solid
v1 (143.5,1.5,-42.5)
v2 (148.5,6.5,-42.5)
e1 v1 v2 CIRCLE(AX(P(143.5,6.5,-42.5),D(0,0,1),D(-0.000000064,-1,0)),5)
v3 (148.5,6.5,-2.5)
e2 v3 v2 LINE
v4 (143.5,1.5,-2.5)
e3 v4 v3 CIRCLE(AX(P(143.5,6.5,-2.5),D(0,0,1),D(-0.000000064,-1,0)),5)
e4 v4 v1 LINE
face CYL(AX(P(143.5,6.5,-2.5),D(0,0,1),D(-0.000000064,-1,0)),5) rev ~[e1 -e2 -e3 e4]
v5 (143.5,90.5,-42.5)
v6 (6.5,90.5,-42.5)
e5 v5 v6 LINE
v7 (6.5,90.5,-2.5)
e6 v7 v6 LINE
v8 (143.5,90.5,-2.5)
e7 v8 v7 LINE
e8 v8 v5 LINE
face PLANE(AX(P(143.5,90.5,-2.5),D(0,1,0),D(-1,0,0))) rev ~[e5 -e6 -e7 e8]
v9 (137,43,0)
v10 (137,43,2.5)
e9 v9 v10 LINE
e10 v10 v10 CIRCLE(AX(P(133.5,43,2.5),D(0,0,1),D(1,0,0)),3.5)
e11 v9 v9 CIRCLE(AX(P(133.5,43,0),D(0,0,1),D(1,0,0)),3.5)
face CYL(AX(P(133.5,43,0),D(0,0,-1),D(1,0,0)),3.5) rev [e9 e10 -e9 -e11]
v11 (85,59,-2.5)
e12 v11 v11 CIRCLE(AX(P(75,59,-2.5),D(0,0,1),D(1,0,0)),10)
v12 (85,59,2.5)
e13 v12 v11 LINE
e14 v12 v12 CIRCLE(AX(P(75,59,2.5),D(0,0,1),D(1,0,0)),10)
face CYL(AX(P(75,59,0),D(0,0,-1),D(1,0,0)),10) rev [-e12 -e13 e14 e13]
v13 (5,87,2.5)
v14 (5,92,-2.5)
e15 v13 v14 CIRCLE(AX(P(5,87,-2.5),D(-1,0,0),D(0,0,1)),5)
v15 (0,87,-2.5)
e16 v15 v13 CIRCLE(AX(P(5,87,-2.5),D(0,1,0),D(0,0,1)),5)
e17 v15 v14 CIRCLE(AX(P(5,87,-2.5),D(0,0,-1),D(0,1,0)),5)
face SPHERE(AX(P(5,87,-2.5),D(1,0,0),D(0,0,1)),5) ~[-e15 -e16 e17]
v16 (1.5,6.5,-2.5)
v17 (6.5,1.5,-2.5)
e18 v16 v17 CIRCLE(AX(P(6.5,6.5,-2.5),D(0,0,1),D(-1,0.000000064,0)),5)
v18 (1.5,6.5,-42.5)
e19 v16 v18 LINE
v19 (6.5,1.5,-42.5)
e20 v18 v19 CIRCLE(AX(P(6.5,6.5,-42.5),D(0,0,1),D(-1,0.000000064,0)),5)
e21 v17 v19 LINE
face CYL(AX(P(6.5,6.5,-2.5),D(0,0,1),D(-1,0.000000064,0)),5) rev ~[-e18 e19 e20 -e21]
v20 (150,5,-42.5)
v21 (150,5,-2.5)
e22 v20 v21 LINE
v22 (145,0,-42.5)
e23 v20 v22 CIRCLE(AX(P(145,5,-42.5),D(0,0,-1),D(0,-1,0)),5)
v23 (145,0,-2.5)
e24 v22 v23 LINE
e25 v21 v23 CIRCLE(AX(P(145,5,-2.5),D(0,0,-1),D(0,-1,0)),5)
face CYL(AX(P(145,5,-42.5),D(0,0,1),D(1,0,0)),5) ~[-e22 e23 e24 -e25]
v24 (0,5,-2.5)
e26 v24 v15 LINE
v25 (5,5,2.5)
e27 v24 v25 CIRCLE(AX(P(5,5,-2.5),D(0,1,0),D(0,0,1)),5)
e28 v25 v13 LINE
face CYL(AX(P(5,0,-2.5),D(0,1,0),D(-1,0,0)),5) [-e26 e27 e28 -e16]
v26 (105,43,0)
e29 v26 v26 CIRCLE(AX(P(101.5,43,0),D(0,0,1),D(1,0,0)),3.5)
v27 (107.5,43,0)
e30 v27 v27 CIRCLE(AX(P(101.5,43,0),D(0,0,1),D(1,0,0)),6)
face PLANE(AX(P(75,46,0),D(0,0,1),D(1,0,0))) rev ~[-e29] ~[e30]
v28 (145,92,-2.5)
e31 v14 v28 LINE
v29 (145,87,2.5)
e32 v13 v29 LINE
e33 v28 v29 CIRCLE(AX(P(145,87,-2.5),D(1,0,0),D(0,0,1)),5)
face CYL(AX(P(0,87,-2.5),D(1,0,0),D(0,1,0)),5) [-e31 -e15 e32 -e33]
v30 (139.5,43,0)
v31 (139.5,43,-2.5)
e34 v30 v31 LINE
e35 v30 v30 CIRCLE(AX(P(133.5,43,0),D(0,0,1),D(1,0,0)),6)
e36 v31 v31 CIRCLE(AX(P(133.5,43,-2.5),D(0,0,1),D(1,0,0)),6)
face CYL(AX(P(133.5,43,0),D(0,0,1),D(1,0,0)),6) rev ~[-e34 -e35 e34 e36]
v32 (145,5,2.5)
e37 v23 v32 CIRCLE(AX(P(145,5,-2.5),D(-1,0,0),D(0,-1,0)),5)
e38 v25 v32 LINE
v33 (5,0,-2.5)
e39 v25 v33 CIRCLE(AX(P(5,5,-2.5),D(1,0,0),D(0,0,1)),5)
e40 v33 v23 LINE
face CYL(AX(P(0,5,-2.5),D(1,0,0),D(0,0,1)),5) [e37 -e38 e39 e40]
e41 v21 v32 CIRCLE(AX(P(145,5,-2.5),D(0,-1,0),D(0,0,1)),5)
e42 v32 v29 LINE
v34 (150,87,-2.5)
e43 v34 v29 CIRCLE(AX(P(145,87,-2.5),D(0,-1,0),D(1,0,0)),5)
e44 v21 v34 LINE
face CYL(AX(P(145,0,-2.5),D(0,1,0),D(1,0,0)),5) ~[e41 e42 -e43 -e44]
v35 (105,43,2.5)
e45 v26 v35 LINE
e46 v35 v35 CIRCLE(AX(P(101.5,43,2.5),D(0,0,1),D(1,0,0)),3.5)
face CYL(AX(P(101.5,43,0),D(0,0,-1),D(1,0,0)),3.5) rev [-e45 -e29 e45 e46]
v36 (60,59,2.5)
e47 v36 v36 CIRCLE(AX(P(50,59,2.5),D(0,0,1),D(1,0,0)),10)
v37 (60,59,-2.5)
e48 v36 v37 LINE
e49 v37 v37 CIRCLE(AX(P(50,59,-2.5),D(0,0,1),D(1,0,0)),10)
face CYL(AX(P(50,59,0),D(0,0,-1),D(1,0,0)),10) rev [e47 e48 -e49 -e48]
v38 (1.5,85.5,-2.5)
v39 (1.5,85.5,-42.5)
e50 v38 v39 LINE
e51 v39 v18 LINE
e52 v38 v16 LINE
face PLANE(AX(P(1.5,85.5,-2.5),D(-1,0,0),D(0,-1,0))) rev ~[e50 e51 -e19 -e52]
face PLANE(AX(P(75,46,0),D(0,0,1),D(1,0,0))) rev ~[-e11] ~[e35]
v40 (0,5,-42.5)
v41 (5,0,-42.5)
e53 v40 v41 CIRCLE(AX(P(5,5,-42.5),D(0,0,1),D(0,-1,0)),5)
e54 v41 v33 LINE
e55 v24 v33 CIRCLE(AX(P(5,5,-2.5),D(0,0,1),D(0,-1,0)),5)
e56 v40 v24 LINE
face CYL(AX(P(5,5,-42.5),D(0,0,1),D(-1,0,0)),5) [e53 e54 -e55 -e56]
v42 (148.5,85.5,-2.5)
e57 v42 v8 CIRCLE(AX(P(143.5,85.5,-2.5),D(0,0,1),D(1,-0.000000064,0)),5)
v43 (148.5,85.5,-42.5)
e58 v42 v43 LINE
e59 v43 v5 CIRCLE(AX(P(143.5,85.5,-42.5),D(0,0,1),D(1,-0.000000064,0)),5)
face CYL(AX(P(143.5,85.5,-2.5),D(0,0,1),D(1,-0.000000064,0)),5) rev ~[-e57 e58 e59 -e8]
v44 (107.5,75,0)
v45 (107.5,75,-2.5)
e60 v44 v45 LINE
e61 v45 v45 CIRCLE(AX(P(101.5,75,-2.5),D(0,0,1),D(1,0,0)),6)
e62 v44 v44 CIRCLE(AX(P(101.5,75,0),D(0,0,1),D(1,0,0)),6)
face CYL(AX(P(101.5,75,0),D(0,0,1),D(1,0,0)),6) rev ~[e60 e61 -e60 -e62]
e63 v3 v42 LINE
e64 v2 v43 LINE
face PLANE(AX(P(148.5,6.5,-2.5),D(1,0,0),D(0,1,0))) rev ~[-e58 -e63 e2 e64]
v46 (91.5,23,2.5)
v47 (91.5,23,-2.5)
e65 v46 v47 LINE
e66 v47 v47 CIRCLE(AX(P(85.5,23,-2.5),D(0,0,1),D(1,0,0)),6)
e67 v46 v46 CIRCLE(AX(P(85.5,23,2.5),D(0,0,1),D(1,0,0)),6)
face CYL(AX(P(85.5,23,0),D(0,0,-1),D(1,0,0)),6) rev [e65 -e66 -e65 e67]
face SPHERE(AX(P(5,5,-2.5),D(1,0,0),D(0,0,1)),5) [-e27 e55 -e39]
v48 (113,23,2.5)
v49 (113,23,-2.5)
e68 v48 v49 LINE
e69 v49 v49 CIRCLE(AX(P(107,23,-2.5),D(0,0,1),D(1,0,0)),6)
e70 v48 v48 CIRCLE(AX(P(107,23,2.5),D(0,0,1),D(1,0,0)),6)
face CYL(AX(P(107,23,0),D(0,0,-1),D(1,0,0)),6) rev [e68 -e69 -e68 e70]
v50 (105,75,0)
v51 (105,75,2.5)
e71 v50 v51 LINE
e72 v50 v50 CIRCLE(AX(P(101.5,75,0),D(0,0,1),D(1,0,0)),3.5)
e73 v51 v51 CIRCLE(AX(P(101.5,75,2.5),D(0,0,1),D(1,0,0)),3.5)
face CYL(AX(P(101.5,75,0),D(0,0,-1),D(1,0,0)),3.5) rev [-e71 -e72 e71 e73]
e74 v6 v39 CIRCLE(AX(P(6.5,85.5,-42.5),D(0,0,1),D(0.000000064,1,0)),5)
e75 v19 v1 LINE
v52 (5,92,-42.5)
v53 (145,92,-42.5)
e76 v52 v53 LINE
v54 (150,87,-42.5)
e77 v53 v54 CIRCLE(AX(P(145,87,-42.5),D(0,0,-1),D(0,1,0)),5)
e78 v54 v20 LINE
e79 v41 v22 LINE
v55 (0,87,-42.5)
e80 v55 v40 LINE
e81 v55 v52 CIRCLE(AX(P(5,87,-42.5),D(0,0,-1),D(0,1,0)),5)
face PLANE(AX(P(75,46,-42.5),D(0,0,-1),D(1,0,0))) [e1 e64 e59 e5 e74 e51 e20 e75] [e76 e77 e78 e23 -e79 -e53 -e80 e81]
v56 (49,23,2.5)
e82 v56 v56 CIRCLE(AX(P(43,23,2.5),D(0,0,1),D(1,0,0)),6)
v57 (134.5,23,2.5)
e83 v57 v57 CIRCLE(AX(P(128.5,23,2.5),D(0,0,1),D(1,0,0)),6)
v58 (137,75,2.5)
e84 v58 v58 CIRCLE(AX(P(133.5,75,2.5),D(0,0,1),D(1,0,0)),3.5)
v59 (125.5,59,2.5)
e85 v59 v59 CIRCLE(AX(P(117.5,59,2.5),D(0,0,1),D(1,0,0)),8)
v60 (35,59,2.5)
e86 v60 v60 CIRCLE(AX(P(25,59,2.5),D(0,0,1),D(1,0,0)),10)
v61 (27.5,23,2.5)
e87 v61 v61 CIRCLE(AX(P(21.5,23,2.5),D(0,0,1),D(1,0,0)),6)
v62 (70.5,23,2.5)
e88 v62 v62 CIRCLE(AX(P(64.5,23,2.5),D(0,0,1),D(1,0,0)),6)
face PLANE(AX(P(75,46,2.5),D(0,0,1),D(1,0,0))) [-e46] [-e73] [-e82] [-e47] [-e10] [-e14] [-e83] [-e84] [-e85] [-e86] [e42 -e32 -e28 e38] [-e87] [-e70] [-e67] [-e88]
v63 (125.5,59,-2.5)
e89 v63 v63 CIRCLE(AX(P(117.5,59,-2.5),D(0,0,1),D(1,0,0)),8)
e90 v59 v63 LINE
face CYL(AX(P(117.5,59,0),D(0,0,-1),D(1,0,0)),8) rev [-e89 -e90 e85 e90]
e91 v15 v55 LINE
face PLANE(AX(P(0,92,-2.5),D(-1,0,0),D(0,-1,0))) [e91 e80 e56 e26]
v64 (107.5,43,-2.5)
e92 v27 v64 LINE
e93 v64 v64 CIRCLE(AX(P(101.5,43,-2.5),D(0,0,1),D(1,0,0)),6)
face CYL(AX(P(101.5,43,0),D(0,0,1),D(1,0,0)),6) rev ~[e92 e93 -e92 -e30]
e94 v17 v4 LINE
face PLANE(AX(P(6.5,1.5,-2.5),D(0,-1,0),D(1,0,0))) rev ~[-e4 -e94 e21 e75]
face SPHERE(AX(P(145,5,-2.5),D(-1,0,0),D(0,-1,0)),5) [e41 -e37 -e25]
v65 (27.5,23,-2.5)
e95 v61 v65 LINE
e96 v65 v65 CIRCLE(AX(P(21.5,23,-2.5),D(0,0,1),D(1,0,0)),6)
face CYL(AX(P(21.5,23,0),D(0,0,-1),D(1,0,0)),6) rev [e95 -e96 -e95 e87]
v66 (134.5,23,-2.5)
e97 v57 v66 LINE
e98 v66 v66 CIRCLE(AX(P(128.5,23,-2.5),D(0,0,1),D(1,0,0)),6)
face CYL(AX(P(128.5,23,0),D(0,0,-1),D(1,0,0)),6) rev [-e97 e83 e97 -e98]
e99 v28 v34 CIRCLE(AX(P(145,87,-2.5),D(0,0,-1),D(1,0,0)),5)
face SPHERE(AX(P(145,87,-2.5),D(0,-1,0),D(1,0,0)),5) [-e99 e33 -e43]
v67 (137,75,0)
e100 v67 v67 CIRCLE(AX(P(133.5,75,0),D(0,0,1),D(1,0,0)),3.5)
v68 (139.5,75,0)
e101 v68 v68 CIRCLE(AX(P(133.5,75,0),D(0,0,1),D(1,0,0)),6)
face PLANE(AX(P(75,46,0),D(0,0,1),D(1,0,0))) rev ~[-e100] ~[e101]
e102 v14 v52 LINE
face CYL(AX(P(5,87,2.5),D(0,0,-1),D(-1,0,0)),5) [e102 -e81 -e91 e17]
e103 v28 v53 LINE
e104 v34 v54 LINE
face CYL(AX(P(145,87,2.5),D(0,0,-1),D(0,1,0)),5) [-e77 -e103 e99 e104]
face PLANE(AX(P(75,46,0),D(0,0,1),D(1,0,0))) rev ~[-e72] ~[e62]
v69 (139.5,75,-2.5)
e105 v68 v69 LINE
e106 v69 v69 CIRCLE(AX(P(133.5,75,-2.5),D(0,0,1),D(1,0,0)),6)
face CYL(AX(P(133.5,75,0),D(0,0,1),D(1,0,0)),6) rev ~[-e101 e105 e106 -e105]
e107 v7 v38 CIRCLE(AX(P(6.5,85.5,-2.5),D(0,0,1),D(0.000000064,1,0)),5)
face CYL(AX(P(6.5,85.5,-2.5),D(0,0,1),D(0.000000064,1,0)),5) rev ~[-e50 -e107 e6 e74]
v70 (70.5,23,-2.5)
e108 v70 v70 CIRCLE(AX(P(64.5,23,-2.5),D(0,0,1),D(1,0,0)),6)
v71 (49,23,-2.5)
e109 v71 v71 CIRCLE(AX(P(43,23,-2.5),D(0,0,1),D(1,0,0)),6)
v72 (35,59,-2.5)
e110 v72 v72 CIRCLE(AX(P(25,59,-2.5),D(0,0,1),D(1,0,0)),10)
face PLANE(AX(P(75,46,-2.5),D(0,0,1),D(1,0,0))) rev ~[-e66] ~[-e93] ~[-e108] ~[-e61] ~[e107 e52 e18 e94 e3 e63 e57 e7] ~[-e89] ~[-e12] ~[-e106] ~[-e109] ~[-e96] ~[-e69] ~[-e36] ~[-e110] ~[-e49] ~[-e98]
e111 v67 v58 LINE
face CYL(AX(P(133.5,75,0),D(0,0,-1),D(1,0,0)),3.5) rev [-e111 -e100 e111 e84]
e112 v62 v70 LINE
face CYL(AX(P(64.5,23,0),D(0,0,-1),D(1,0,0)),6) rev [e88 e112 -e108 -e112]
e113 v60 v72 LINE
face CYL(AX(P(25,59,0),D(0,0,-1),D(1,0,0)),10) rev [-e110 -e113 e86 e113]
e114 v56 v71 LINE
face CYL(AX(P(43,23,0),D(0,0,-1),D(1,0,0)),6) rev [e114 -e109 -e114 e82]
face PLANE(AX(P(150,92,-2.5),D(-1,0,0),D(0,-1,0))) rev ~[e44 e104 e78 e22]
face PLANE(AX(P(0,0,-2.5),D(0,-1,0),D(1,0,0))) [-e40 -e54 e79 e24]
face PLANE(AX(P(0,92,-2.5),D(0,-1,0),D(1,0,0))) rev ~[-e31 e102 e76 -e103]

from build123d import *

# Parameters (mm, degrees)
F0_W     = 150
F0_H     = 92
F0_R     = 6
F0_R_2   = 3.5
F0_R_3   = 10
F0_R_4   = 8
F1_DEPTH = 2.5
F2_W     = 150
F2_H     = 92
F2_R     = 6
F2_R_2   = 10
F2_R_3   = 8
F3_DEPTH = 2.5
F4_W     = 150
F4_H     = 92
F5_DEPTH = 40
F6_R     = 5


with BuildPart() as f1:
    # F0 (on Top) → F1 (new body)
    with BuildSketch(Plane.XY):
        with Locations((75, 46)):
            Rectangle(F0_W, F0_H)
        with Locations((21.5, 23)):
            Circle(F0_R, mode=Mode.SUBTRACT)
        with Locations((43, 23)):
            Circle(F0_R, mode=Mode.SUBTRACT)
        with Locations((64.5, 23)):
            Circle(F0_R, mode=Mode.SUBTRACT)
        with Locations((85.5, 23)):
            Circle(F0_R, mode=Mode.SUBTRACT)
        with Locations((107, 23)):
            Circle(F0_R, mode=Mode.SUBTRACT)
        with Locations((101.5, 43)):
            Circle(F0_R_2, mode=Mode.SUBTRACT)
        with Locations((128.5, 23)):
            Circle(F0_R, mode=Mode.SUBTRACT)
        with Locations((133.5, 43)):
            Circle(F0_R_2, mode=Mode.SUBTRACT)
        with Locations((25, 59)):
            Circle(F0_R_3, mode=Mode.SUBTRACT)
        with Locations((50, 59)):
            Circle(F0_R_3, mode=Mode.SUBTRACT)
        with Locations((75, 59)):
            Circle(F0_R_3, mode=Mode.SUBTRACT)
        with Locations((117.5, 59)):
            Circle(F0_R_4, mode=Mode.SUBTRACT)
        with Locations((101.5, 75)):
            Circle(F0_R_2, mode=Mode.SUBTRACT)
        with Locations((133.5, 75)):
            Circle(F0_R_2, mode=Mode.SUBTRACT)
    extrude(amount=F1_DEPTH)

    # F2 (on face) → F3 (join)
    with BuildSketch(Plane.XY):
        with Locations((75, 46)):
            Rectangle(F2_W, F2_H)
        with Locations((21.5, 23)):
            Circle(F2_R, mode=Mode.SUBTRACT)
        with Locations((43, 23)):
            Circle(F2_R, mode=Mode.SUBTRACT)
        with Locations((64.5, 23)):
            Circle(F2_R, mode=Mode.SUBTRACT)
        with Locations((85.5, 23)):
            Circle(F2_R, mode=Mode.SUBTRACT)
        with Locations((107, 23)):
            Circle(F2_R, mode=Mode.SUBTRACT)
        with Locations((101.5, 43)):
            Circle(F2_R, mode=Mode.SUBTRACT)
        with Locations((128.5, 23)):
            Circle(F2_R, mode=Mode.SUBTRACT)
        with Locations((133.5, 43)):
            Circle(F2_R, mode=Mode.SUBTRACT)
        with Locations((25, 59)):
            Circle(F2_R_2, mode=Mode.SUBTRACT)
        with Locations((50, 59)):
            Circle(F2_R_2, mode=Mode.SUBTRACT)
        with Locations((75, 59)):
            Circle(F2_R_2, mode=Mode.SUBTRACT)
        with Locations((117.5, 59)):
            Circle(F2_R_3, mode=Mode.SUBTRACT)
        with Locations((101.5, 75)):
            Circle(F2_R, mode=Mode.SUBTRACT)
        with Locations((133.5, 75)):
            Circle(F2_R, mode=Mode.SUBTRACT)
    extrude(amount=-F3_DEPTH)

    # F4 (on face) → F5 (join)
    with BuildSketch(Plane(origin=(0, 0, -2.5), x_dir=(1, 0, 0), z_dir=(0, 0, -1))):
        with Locations((75, -46)):
            Rectangle(F4_W, F4_H)
        with BuildLine():
            ThreePointArc((1.5, -6.5), (2.964466, -2.964466), (6.5, -1.5))
            Line((6.5, -1.5), (143.5, -1.5))
            ThreePointArc((143.5, -1.5), (147.035534, -2.964466), (148.5, -6.5))
            Line((148.5, -6.5), (148.5, -85.5))
            ThreePointArc((148.5, -85.5), (147.035534, -89.035534), (143.5, -90.5))
            Line((143.5, -90.5), (6.5, -90.5))
            ThreePointArc((6.5, -90.5), (2.964466, -89.035534), (1.5, -85.5))
            Line((1.5, -85.5), (1.5, -6.5))
        make_face(mode=Mode.SUBTRACT)
    extrude(amount=F5_DEPTH)

    # F6
    f6_edges = [f1.edges().sort_by_distance(p)[0] for p in [
        (75, 0, 2.5),
        (150, 0, -20),
        (150, 46, 2.5),
        (150, 92, -20),
        (75, 92, 2.5),
        (0, 46, 2.5),
        (0, 92, -20),
        (0, 0, -20),
    ]]
    fillet(f6_edges, radius=F6_R)


solid = f1.part
